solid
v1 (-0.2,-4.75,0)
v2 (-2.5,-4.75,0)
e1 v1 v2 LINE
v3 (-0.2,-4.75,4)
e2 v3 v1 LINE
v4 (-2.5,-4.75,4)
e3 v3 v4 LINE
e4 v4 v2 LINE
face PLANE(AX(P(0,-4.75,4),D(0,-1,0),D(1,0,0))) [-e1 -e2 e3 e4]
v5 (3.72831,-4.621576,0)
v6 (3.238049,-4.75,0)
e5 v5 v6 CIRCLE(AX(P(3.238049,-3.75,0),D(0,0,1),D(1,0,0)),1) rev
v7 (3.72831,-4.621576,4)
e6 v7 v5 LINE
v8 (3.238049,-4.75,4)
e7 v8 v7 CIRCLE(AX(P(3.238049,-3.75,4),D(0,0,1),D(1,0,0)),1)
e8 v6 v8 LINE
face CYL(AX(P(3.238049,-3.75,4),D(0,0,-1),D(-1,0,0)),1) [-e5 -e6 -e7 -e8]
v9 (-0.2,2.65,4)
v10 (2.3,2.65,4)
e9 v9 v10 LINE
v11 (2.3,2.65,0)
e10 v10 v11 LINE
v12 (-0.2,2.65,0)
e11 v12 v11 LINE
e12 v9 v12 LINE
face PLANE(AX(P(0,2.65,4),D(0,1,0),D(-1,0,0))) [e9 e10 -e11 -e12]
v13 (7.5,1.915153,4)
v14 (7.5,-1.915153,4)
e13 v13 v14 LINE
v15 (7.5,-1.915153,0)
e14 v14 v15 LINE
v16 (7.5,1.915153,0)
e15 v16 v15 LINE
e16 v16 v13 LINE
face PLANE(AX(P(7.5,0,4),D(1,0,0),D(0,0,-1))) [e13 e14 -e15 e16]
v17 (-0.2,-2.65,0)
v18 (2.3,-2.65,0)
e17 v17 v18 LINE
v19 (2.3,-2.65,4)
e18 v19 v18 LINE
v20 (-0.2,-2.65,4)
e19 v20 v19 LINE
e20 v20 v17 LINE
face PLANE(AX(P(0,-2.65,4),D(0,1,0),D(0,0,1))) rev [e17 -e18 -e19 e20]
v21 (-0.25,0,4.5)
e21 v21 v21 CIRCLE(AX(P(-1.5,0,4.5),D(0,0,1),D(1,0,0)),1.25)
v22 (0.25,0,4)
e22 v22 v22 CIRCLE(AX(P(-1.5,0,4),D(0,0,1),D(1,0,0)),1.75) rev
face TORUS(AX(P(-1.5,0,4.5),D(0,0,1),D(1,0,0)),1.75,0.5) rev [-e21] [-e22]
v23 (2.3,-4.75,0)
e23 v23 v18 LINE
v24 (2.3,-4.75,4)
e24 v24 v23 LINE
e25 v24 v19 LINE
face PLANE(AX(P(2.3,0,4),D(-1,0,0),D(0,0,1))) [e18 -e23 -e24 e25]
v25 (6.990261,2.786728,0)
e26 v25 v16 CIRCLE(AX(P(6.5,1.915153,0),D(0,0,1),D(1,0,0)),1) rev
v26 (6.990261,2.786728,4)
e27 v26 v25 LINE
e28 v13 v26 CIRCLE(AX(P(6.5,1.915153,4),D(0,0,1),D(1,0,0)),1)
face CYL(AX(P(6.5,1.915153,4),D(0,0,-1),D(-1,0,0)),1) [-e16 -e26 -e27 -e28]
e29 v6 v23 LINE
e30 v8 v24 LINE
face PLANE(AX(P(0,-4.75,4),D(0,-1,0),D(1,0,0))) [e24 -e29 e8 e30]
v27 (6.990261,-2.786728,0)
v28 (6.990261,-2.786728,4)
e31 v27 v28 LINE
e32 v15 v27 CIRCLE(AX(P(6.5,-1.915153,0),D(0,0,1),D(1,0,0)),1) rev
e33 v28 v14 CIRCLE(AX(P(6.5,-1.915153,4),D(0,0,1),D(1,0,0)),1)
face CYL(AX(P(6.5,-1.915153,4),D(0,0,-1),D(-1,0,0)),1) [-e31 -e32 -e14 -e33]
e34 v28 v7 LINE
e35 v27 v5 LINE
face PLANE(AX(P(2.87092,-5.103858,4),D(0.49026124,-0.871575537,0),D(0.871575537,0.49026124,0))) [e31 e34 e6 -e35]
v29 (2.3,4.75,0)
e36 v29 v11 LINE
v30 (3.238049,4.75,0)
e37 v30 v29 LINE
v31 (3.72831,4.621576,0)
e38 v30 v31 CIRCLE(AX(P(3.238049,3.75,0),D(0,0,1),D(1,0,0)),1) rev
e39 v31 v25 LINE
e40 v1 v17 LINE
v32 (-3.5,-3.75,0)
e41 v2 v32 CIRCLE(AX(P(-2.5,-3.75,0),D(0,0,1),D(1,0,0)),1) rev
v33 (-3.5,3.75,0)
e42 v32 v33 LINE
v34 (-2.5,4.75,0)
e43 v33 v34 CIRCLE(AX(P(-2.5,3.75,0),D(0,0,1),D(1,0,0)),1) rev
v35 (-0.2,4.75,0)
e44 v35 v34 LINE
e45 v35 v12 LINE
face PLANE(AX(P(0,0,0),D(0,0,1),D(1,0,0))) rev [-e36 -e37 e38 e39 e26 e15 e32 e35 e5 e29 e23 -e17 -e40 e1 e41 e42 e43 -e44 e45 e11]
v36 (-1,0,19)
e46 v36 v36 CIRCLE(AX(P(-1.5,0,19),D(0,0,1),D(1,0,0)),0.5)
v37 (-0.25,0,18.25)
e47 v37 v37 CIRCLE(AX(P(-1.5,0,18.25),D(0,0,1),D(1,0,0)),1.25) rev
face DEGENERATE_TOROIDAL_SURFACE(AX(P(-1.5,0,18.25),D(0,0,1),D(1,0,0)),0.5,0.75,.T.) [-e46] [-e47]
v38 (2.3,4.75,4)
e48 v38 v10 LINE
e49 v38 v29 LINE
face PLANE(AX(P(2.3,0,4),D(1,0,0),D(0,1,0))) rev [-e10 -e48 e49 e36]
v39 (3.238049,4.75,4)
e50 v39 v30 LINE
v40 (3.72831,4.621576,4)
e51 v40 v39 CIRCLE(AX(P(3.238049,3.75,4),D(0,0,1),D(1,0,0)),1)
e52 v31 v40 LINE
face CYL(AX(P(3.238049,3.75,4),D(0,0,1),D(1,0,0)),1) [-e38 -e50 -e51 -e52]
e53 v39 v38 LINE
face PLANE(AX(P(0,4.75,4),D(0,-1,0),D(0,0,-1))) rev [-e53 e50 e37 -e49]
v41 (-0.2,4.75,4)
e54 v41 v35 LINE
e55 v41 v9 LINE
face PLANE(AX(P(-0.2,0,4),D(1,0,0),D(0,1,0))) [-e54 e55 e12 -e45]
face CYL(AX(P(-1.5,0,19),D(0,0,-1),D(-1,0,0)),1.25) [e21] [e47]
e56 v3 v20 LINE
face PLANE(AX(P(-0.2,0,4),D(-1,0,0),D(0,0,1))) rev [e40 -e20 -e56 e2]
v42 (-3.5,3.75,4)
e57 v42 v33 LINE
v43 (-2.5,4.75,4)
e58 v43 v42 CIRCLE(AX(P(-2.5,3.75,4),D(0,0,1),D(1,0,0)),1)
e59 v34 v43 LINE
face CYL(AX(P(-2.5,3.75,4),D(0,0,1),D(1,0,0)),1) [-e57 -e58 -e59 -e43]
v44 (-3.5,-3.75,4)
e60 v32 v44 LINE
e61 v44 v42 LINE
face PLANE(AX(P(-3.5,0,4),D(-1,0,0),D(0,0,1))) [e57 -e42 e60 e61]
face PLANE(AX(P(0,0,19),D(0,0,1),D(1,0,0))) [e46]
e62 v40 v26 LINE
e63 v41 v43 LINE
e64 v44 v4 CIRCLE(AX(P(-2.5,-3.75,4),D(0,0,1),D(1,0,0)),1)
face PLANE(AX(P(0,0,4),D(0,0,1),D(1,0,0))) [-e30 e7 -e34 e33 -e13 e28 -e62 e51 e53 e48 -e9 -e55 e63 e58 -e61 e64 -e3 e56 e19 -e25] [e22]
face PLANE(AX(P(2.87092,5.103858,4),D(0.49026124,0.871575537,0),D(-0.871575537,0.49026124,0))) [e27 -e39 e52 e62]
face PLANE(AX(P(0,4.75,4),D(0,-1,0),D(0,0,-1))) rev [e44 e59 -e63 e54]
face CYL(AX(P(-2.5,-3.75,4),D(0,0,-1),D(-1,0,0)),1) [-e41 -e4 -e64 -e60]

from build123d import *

# Parameters (mm, degrees)
BOSS_EXTRUDE1_DEPTH = 4
BOSS_EXTRUDE2_DEPTH = 4
SKETCH3_R           = 1.25
BOSS_EXTRUDE3_DEPTH = 15
FILLET1_R           = 1
FILLET2_R           = 0.5
FILLET3_R           = 0.75


with BuildPart() as part:
    # Sketch1 → Boss-Extrude1 (new body)
    with BuildSketch(Plane.XY):
        Polygon((2.3, -4.75), (3.5, -4.75), (3.5, 4.75), (2.3, 4.75), (2.3, 2.65), (-0.2, 2.65), (-0.2, 4.75), (-3.5, 4.75), (-3.5, -4.75), (-0.2, -4.75), (-0.2, -2.65), (2.3, -2.65), align=None)
    extrude(amount=BOSS_EXTRUDE1_DEPTH)

    # Sketch2 → Boss-Extrude2 (add)
    with BuildSketch(Plane(origin=(0, 0, 0), x_dir=(-1, 0, 0), z_dir=(0, 0, -1))):
        Polygon((-7.5, 2.5), (-7.5, -2.5), (-3.5, -4.75), (-3.5, 4.75), align=None)
    extrude(amount=-BOSS_EXTRUDE2_DEPTH)

    # Sketch3 → Boss-Extrude3 (add)
    with BuildSketch(Plane.XY.offset(4)):
        with Locations((-1.5, 0)):
            Circle(SKETCH3_R)
    extrude(amount=BOSS_EXTRUDE3_DEPTH)

    # Fillet1
    fillet1_edges = [part.edges().sort_by_distance(p)[0] for p in [
        (-3.5, -4.75, 2),
        (-3.5, 4.75, 2),
        (3.5, 4.75, 2),
        (3.5, -4.75, 2),
        (7.5, -2.5, 2),
        (7.5, 2.5, 2),
    ]]
    fillet(fillet1_edges, radius=FILLET1_R)

    # Fillet2
    fillet2_edges = [part.edges().sort_by_distance(p)[0] for p in [
        (-2.75, 0, 4),
    ]]
    fillet(fillet2_edges, radius=FILLET2_R)

    # Fillet3
    fillet3_edges = [part.edges().sort_by_distance(p)[0] for p in [
        (-2.75, 0, 19),
    ]]
    fillet(fillet3_edges, radius=FILLET3_R)


solid = part.part
